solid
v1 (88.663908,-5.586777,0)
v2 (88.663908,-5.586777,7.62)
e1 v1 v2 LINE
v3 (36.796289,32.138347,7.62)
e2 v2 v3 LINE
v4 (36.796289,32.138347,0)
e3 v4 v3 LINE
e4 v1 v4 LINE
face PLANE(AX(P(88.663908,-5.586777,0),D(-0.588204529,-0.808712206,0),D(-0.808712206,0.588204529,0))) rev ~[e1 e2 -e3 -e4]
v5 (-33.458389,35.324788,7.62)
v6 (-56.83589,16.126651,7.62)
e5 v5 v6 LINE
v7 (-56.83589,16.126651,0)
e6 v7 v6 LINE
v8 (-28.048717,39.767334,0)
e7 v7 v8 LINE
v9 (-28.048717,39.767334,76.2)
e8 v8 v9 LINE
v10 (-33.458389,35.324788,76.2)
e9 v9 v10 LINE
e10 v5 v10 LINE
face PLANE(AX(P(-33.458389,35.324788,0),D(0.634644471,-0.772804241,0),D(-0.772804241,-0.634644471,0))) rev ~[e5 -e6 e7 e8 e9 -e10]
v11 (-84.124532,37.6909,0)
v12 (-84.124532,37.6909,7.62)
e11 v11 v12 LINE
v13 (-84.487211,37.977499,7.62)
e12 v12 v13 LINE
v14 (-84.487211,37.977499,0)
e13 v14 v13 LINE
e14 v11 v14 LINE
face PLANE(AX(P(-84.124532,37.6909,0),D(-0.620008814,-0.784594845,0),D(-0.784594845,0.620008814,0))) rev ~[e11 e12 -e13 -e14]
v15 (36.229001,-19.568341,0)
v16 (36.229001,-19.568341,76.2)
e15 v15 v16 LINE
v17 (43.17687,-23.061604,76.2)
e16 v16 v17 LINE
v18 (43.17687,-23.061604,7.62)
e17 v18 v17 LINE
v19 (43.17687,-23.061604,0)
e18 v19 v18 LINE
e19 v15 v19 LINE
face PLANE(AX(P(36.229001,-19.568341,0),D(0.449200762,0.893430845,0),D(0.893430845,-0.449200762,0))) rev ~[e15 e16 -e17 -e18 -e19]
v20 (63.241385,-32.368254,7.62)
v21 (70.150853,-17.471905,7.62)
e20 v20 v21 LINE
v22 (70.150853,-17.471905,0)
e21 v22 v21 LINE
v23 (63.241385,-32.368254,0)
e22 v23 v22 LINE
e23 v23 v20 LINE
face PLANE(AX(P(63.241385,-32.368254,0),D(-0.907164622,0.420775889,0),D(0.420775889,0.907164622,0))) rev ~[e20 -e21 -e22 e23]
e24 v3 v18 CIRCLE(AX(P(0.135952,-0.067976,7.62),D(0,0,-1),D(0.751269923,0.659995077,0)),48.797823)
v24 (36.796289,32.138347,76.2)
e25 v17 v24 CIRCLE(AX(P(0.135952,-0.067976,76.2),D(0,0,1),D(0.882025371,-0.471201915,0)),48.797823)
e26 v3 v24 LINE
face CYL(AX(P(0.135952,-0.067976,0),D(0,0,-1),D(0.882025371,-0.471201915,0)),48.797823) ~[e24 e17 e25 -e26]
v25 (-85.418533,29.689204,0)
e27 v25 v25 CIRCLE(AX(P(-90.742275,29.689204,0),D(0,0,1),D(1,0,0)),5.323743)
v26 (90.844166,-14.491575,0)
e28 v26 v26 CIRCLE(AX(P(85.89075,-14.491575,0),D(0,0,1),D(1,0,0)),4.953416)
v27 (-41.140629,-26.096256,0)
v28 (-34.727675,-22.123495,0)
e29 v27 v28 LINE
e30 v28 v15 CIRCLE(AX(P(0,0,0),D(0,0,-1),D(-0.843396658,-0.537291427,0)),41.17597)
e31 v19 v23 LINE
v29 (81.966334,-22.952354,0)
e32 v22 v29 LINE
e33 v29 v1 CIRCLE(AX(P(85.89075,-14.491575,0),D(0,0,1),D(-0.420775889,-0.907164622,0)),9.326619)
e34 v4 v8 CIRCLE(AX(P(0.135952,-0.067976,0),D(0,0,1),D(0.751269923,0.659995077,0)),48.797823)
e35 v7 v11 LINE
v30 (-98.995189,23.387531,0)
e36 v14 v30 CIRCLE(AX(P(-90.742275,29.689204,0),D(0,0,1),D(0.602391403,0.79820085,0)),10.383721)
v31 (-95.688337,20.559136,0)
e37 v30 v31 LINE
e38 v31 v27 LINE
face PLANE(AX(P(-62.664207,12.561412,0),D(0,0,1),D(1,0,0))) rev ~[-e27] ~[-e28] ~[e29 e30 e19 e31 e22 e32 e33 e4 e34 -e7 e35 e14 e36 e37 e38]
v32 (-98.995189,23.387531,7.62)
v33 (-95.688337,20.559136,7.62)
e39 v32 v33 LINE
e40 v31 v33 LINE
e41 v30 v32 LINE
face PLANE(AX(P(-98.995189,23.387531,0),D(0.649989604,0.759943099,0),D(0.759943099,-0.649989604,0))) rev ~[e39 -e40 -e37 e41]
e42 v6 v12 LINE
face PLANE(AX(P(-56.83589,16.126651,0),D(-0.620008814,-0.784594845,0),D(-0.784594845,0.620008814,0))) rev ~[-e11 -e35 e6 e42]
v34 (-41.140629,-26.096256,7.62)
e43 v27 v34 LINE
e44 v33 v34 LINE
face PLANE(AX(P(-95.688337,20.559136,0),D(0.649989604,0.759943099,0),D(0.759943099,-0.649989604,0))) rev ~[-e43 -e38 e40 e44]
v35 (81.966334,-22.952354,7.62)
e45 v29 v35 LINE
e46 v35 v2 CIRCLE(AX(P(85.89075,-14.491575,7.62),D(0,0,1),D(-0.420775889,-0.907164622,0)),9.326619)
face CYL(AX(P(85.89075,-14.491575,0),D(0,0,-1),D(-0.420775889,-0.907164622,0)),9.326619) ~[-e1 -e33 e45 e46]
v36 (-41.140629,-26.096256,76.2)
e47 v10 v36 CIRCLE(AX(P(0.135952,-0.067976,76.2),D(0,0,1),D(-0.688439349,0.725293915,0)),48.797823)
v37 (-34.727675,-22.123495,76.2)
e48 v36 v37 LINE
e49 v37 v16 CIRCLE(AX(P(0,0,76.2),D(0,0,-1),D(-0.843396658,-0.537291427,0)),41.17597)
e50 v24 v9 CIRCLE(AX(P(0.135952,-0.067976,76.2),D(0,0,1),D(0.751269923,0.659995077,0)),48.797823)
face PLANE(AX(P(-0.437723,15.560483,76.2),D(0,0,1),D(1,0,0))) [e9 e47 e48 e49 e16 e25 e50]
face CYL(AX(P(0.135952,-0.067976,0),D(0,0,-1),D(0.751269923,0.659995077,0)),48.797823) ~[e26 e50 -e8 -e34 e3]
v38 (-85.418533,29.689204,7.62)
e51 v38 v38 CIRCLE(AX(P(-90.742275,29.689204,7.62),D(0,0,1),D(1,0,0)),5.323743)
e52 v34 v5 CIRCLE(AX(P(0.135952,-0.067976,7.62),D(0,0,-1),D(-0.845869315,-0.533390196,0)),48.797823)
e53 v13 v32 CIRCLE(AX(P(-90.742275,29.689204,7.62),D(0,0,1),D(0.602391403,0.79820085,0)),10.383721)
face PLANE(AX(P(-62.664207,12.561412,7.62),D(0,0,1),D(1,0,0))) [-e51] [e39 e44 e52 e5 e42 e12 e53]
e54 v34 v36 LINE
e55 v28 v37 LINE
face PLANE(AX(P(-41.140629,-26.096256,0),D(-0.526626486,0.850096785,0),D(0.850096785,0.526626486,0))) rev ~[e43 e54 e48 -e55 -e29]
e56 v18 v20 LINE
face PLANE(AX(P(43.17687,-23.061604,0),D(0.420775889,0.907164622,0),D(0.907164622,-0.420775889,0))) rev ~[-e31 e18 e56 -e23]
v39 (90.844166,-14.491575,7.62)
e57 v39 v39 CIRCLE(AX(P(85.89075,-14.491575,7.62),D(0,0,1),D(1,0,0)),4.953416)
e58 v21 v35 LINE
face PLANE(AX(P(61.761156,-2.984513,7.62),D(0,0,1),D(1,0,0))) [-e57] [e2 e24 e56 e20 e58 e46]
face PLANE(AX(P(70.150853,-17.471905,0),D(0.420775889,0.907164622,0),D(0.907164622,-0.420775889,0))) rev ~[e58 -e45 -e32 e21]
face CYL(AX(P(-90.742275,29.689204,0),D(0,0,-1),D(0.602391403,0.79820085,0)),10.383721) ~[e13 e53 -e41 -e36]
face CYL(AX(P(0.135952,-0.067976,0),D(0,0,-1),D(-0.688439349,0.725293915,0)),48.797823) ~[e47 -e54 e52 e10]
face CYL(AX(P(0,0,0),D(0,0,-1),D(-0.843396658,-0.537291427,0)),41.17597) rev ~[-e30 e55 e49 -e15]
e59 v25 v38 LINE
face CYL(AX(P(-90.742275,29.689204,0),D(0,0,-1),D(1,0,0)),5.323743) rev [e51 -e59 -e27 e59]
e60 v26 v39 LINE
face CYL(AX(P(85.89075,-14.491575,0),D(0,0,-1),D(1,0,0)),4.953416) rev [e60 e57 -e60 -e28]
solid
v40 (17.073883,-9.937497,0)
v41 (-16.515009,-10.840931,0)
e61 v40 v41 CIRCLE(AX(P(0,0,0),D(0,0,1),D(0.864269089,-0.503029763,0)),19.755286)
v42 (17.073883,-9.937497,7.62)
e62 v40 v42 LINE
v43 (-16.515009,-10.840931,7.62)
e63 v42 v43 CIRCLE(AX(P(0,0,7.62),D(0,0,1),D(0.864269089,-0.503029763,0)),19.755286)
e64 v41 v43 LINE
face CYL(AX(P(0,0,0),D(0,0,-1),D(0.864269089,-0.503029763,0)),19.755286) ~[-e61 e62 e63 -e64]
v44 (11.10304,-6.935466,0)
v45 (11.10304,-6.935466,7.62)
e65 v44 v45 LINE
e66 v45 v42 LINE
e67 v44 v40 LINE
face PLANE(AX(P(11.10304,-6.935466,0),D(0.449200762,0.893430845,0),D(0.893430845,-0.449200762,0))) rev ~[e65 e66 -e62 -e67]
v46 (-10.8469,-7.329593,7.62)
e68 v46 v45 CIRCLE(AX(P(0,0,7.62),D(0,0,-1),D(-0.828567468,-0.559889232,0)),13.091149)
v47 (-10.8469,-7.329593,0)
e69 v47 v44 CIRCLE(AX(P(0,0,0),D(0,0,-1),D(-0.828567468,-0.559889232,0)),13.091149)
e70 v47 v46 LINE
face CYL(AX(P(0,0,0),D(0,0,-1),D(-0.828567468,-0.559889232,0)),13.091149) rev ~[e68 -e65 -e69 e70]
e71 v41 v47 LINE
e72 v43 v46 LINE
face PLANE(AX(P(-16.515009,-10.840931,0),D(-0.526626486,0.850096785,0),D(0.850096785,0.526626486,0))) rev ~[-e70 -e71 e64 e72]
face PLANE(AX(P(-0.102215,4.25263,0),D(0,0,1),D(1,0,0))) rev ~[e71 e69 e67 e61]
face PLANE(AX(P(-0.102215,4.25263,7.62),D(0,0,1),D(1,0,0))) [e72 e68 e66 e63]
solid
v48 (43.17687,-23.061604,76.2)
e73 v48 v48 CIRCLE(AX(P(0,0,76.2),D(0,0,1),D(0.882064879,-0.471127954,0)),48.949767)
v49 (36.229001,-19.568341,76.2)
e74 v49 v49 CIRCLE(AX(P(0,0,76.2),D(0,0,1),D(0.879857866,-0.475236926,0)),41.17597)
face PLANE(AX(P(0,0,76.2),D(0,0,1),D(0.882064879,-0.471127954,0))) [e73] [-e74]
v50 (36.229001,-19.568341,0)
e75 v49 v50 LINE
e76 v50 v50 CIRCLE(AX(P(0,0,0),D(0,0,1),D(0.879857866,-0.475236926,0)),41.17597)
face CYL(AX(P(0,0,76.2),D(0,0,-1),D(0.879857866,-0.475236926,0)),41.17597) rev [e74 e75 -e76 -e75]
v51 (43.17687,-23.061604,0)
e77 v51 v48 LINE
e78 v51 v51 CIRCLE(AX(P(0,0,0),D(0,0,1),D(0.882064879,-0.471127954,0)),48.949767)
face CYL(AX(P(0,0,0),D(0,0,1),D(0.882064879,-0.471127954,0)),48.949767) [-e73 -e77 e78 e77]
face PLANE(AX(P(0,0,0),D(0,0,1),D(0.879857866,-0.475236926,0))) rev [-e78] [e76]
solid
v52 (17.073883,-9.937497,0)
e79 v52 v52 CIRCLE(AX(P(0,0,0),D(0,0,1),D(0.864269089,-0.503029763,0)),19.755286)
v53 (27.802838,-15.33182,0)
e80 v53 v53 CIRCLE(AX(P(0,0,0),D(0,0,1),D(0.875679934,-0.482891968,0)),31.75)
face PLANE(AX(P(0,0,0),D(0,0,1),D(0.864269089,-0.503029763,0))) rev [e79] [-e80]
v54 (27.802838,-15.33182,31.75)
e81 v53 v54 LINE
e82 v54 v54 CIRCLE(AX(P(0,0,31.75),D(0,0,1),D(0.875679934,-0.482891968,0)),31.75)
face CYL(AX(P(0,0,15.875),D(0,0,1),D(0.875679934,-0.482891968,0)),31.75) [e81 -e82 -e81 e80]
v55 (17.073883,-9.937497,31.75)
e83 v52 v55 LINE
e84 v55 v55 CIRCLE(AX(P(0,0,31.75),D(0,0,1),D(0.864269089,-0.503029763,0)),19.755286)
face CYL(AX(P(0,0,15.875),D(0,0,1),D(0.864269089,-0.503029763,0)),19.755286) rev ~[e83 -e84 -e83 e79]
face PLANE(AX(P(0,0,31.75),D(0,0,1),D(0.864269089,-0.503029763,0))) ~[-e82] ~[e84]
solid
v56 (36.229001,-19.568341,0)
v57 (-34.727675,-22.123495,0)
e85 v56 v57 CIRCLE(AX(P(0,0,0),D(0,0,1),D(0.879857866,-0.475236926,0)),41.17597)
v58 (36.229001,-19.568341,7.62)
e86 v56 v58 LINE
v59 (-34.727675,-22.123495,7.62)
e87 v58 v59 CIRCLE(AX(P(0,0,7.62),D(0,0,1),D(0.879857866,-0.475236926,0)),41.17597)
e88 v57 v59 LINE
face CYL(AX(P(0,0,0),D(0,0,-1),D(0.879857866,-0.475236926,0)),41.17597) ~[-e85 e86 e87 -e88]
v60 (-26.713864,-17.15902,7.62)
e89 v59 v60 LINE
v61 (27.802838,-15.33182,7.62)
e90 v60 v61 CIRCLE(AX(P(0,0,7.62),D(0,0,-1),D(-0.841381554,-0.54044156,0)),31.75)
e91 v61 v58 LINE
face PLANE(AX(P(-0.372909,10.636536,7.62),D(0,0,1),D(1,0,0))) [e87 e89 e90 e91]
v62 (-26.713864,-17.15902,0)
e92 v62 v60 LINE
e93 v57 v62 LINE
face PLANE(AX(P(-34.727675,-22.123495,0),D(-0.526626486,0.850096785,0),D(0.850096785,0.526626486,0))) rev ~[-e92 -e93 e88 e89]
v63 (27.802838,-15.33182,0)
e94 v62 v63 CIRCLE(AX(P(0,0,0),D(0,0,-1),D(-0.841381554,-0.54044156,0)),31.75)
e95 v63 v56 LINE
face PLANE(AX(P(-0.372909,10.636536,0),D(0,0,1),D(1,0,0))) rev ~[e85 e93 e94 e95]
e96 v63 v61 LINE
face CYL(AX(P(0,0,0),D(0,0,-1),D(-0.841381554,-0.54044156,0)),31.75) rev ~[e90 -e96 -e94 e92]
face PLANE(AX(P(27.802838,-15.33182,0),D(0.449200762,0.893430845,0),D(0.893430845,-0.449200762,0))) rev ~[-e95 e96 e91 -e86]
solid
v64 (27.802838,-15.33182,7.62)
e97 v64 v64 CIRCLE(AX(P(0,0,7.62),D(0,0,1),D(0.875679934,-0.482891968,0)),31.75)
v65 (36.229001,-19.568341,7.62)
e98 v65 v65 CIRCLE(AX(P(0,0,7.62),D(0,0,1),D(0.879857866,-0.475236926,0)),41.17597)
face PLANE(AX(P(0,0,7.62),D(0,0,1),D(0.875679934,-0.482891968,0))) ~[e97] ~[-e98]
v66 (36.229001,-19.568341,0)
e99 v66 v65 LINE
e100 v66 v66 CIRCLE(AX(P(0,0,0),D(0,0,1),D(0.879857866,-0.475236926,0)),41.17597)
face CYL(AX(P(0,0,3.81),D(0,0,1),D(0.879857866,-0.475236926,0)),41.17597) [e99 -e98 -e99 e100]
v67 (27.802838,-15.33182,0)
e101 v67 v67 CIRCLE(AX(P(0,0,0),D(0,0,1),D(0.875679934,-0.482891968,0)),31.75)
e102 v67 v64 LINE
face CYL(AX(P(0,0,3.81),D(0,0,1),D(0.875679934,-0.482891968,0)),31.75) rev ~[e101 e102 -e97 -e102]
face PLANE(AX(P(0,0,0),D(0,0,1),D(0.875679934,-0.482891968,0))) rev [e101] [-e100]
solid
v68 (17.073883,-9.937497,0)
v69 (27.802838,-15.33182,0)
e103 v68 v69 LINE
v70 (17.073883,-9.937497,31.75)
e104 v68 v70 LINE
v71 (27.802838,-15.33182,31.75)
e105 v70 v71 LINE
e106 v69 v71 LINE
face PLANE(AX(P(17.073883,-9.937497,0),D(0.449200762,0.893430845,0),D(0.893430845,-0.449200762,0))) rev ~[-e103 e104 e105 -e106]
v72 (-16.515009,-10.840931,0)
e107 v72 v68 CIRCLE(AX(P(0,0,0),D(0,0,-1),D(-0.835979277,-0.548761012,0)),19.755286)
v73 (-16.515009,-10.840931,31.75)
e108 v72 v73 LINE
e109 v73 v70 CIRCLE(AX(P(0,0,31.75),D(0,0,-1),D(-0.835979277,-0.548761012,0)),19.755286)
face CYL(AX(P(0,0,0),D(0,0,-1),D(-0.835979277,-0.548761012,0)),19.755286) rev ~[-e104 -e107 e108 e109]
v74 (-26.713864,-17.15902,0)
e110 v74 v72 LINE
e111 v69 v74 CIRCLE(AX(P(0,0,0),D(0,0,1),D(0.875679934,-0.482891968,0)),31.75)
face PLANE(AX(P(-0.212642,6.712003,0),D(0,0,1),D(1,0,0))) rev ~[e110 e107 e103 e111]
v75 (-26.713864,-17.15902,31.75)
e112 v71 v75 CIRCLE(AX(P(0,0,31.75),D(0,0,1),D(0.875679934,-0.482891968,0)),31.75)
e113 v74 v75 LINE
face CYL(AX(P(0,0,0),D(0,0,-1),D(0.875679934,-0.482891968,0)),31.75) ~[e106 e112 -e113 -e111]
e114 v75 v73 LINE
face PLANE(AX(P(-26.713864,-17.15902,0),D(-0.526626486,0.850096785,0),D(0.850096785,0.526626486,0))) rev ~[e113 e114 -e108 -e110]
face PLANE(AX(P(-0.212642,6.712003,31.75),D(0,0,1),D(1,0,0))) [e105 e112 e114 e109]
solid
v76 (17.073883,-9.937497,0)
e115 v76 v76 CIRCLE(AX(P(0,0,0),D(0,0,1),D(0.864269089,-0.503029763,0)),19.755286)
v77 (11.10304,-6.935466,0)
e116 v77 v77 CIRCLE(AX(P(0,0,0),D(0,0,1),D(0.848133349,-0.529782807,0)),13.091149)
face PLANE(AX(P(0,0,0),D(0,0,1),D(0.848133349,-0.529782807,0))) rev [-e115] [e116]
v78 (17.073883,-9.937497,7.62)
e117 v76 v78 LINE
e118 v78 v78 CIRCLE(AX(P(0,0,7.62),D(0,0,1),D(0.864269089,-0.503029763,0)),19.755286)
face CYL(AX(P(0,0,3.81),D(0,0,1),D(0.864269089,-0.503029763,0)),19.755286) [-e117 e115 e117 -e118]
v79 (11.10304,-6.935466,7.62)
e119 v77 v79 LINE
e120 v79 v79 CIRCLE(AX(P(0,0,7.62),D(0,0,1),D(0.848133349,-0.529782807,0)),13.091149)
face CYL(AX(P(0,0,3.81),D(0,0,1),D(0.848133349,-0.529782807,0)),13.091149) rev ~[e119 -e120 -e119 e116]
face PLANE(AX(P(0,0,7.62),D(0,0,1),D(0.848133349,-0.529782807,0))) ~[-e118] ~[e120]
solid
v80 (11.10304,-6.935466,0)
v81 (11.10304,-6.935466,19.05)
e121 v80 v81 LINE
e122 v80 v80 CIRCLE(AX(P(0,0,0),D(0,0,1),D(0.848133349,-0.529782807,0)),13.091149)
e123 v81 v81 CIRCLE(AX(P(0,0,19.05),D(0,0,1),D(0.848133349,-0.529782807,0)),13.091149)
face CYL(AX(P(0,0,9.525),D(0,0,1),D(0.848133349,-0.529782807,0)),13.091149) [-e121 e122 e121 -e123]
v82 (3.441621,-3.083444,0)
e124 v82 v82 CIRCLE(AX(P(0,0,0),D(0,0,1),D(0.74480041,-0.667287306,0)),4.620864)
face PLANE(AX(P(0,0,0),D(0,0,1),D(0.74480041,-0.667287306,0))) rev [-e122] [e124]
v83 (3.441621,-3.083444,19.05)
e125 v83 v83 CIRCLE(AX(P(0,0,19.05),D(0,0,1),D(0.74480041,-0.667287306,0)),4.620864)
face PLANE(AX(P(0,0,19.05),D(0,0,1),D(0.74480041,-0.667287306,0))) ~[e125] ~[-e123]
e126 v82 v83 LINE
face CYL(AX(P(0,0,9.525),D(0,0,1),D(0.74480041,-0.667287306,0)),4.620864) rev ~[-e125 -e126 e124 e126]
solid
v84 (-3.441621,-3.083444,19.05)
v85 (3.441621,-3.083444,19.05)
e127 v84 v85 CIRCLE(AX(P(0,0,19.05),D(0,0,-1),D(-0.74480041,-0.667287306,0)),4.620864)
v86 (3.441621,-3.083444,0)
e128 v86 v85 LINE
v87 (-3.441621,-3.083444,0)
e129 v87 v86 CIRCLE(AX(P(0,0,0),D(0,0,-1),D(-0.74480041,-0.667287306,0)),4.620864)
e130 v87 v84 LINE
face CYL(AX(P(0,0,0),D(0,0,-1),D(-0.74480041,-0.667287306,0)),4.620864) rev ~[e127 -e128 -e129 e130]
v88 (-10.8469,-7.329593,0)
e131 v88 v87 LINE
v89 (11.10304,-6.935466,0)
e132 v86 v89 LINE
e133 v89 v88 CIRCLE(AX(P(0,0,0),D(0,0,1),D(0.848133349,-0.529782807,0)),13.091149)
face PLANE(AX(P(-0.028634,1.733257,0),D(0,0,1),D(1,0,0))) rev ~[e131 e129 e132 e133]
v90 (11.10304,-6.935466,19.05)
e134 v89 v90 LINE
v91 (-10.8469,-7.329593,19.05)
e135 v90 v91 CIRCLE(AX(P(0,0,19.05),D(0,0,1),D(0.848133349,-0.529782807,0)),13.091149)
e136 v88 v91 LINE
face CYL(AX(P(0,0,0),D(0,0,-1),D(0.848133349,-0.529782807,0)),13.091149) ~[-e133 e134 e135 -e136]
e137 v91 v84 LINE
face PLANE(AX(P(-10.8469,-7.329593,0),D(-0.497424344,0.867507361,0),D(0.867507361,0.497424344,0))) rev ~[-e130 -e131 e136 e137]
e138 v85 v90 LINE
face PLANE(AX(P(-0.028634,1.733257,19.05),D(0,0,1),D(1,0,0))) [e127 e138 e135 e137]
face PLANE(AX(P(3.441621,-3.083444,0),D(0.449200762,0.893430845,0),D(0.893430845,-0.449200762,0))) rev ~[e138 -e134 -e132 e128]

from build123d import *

# Parameters (mm, degrees)
F1_DEPTH    = 76.2
F2_DEPTH    = 31.75
F3_DEPTH    = 19.05
F4_DEPTH    = 7.62
F0_R        = 5.3237425143
F0_R_2      = 4.9534162061
F5_DEPTH    = 7.62
F3_FACE_W   = 8.5752790356
F3_FACE_H   = 19.05
F4_FACE_W   = 6.683049505
F4_FACE_H   = 7.62
F4_FACE_W_2 = 9.4312422922
F2_FACE_W   = 12.0087136189
F2_FACE_H   = 31.75


with BuildPart() as f1:
    # F0 (on Top) → F1 (new body)
    with BuildSketch(Plane.XY):
        with BuildLine():
            ThreePointArc((-34.7276751002, -22.1234954401), (-1.4817887575, 41.1492985412), (36.229000688, -19.5683412047))
            Line((36.229000688, -19.5683412047), (43.1768703502, -23.0616035662))
            ThreePointArc((43.1768703502, -23.0616035662), (48.6110092481, 5.5352725012), (36.79628914, 32.1383470443))
            ThreePointArc((36.79628914, 32.1383470443), (5.8376711749, 48.3955973291), (-28.0487168356, 39.767334425))
            Line((-28.0487168356, 39.767334425), (-33.4583891256, 35.3247881419))
            ThreePointArc((-33.4583891256, 35.3247881419), (-48.2846004863, 5.9882266817), (-41.1406287564, -26.0962563208))
            Line((-41.1406287564, -26.0962563208), (-34.7276751002, -22.1234954401))
        make_face()
    extrude(amount=F1_DEPTH)

    # F0 (on Top) → F5 (join)
    with BuildSketch(Plane.XY):
        with BuildLine():
            Line((-95.6883374581, 20.5591361861), (-41.1406287564, -26.0962563208))
            ThreePointArc((-41.1406287564, -26.0962563208), (-48.2846004863, 5.9882266817), (-33.4583891256, 35.3247881419))
            Line((-33.4583891256, 35.3247881419), (-56.8358898163, 16.1266513169))
            Line((-56.8358898163, 16.1266513169), (-84.1245320571, 37.6909004407))
            Line((-84.1245320571, 37.6909004407), (-84.4872106208, 37.977499196))
            ThreePointArc((-84.4872106208, 37.977499196), (-98.1053344669, 37.010885929), (-98.9951891018, 23.3875310917))
            Line((-98.9951891018, 23.3875310917), (-95.6883374581, 20.5591361861))
        make_face()
        with Locations((-90.7422751188, 29.6892039478)):
            Circle(F0_R, mode=Mode.SUBTRACT)
        with BuildLine():
            ThreePointArc((36.79628914, 32.1383470443), (48.6110092481, 5.5352725012), (43.1768703502, -23.0616035662))
            Line((43.1768703502, -23.0616035662), (63.2413849235, -32.3682539165))
            Line((63.2413849235, -32.3682539165), (70.1508525199, -17.47190474))
            Line((70.1508525199, -17.47190474), (81.9663336142, -22.9523538614))
            ThreePointArc((81.9663336142, -22.9523538614), (94.592598316, -17.8477131564), (88.663908183, -5.5867772071))
            Line((88.663908183, -5.5867772071), (36.79628914, 32.1383470443))
        make_face()
        with Locations((85.8907501141, -14.4915748388)):
            Circle(F0_R_2, mode=Mode.SUBTRACT)
    extrude(amount=F5_DEPTH)


with BuildPart() as f2:
    # F0 (on Top) → F2 (new body)
    with BuildSketch(Plane.XY):
        with BuildLine():
            ThreePointArc((-16.5150094424, -10.8409305661), (-0.5311619735, 19.7481436945), (17.0738827518, -9.9374966766))
            Line((17.0738827518, -9.9374966766), (27.8028379132, -15.3318199824))
            ThreePointArc((27.8028379132, -15.3318199824), (-1.0635461504, 31.7321819229), (-26.7138643474, -17.1590195415))
            Line((-26.7138643474, -17.1590195415), (-16.5150094424, -10.8409305661))
        make_face()
    extrude(amount=F2_DEPTH)


with BuildPart() as f3:
    # F0 (on Top) → F3 (new body)
    with BuildSketch(Plane.XY):
        with BuildLine():
            ThreePointArc((-3.4416213836, -3.0834438726), (0, 4.6208639737), (3.4416213836, -3.0834438726))
            Line((3.4416213836, -3.0834438726), (11.1030401824, -6.9354657479))
            ThreePointArc((11.1030401824, -6.9354657479), (-0.2350235497, 13.0890393216), (-10.8469003109, -7.3295934455))
            Line((-10.8469003109, -7.3295934455), (-3.4416213836, -3.0834438726))
        make_face()
    extrude(amount=F3_DEPTH)


with BuildPart() as f4:
    # F0 (on Top) → F4 (new body)
    with BuildSketch(Plane.XY):
        with BuildLine():
            ThreePointArc((-10.8469003109, -7.3295934455), (-0.2350235497, 13.0890393216), (11.1030401824, -6.9354657479))
            Line((11.1030401824, -6.9354657479), (17.0738827518, -9.9374966766))
            ThreePointArc((17.0738827518, -9.9374966766), (-0.5311619735, 19.7481436945), (-16.5150094424, -10.8409305661))
            Line((-16.5150094424, -10.8409305661), (-10.8469003109, -7.3295934455))
        make_face()
    extrude(amount=F4_DEPTH)


with BuildPart() as f4b:
    # F0 (on Top) → F4, piece 2 (new body)
    with BuildSketch(Plane.XY):
        with BuildLine():
            ThreePointArc((-26.7138643474, -17.1590195415), (-1.0635461504, 31.7321819229), (27.8028379132, -15.3318199824))
            Line((27.8028379132, -15.3318199824), (36.229000688, -19.5683412047))
            ThreePointArc((36.229000688, -19.5683412047), (-1.4817887575, 41.1492985412), (-34.7276751002, -22.1234954401))
            Line((-34.7276751002, -22.1234954401), (-26.7138643474, -17.1590195415))
        make_face()
    extrude(amount=F4_DEPTH)


with BuildPart() as f7:
    # F3_face (on face) → F7 (revolve)
    with BuildSketch(Plane(origin=(7.272330783, -5.0094548102, 9.525), x_dir=(0.8934308455, -0.4492007618, 0), z_dir=(-0.4492007618, -0.8934308455, 0))):
        Rectangle(F3_FACE_W, F3_FACE_H)
    revolve(axis=Axis((0, 0, 42.0711003244), (0, 0, 1)))


with BuildPart() as f7b:
    # F4_face (on face) → F7, piece 2 (revolve)
    with BuildSketch(Plane(origin=(14.0884614671, -8.4364812123, 3.81), x_dir=(0.8934308455, -0.4492007618, 0), z_dir=(-0.4492007618, -0.8934308455, 0))):
        Rectangle(F4_FACE_W, F4_FACE_H)
    revolve(axis=Axis((0, 0, 42.0711003244), (0, 0, 1)))


with BuildPart() as f7c:
    # F4_face (on face) → F7, piece 3 (revolve)
    with BuildSketch(Plane(origin=(14.0884614671, -8.4364812123, 3.81), x_dir=(0.8934308455, -0.4492007618, 0), z_dir=(-0.4492007618, -0.8934308455, 0))):
        with Locations((20.0658595175, 0)):
            Rectangle(F4_FACE_W_2, F4_FACE_H)
    revolve(axis=Axis((0, 0, 42.0711003244), (0, 0, 1)))


with BuildPart() as f7d:
    # F2_face (on face) → F7, piece 4 (revolve)
    with BuildSketch(Plane(origin=(22.4383603325, -12.6346583295, 15.875), x_dir=(0.8934308455, -0.4492007618, 0), z_dir=(-0.4492007618, -0.8934308455, 0))):
        Rectangle(F2_FACE_W, F2_FACE_H)
    revolve(axis=Axis((0, 0, 42.0711003244), (0, 0, 1)))


with BuildPart() as f7e:
    # F1_face (on face) → F7, piece 5 (revolve)
    with BuildSketch(Plane(origin=(39.7029355191, -21.3149723855, 38.1), x_dir=(0.8934308455, -0.4492007618, 0), z_dir=(-0.4492007618, -0.8934308455, 0))):
        Polygon((-3.8883085902, 38.1), (-3.8883085902, -38.1), (3.8883085902, -38.1), (3.8883085902, -30.48), (3.8883085902, 38.1), align=None)
    revolve(axis=Axis((0, 0, 42.0711003244), (0, 0, 1)))


solid = Compound([f1.part, f2.part, f3.part, f4.part, f4b.part, f7.part, f7b.part, f7c.part, f7d.part, f7e.part])
